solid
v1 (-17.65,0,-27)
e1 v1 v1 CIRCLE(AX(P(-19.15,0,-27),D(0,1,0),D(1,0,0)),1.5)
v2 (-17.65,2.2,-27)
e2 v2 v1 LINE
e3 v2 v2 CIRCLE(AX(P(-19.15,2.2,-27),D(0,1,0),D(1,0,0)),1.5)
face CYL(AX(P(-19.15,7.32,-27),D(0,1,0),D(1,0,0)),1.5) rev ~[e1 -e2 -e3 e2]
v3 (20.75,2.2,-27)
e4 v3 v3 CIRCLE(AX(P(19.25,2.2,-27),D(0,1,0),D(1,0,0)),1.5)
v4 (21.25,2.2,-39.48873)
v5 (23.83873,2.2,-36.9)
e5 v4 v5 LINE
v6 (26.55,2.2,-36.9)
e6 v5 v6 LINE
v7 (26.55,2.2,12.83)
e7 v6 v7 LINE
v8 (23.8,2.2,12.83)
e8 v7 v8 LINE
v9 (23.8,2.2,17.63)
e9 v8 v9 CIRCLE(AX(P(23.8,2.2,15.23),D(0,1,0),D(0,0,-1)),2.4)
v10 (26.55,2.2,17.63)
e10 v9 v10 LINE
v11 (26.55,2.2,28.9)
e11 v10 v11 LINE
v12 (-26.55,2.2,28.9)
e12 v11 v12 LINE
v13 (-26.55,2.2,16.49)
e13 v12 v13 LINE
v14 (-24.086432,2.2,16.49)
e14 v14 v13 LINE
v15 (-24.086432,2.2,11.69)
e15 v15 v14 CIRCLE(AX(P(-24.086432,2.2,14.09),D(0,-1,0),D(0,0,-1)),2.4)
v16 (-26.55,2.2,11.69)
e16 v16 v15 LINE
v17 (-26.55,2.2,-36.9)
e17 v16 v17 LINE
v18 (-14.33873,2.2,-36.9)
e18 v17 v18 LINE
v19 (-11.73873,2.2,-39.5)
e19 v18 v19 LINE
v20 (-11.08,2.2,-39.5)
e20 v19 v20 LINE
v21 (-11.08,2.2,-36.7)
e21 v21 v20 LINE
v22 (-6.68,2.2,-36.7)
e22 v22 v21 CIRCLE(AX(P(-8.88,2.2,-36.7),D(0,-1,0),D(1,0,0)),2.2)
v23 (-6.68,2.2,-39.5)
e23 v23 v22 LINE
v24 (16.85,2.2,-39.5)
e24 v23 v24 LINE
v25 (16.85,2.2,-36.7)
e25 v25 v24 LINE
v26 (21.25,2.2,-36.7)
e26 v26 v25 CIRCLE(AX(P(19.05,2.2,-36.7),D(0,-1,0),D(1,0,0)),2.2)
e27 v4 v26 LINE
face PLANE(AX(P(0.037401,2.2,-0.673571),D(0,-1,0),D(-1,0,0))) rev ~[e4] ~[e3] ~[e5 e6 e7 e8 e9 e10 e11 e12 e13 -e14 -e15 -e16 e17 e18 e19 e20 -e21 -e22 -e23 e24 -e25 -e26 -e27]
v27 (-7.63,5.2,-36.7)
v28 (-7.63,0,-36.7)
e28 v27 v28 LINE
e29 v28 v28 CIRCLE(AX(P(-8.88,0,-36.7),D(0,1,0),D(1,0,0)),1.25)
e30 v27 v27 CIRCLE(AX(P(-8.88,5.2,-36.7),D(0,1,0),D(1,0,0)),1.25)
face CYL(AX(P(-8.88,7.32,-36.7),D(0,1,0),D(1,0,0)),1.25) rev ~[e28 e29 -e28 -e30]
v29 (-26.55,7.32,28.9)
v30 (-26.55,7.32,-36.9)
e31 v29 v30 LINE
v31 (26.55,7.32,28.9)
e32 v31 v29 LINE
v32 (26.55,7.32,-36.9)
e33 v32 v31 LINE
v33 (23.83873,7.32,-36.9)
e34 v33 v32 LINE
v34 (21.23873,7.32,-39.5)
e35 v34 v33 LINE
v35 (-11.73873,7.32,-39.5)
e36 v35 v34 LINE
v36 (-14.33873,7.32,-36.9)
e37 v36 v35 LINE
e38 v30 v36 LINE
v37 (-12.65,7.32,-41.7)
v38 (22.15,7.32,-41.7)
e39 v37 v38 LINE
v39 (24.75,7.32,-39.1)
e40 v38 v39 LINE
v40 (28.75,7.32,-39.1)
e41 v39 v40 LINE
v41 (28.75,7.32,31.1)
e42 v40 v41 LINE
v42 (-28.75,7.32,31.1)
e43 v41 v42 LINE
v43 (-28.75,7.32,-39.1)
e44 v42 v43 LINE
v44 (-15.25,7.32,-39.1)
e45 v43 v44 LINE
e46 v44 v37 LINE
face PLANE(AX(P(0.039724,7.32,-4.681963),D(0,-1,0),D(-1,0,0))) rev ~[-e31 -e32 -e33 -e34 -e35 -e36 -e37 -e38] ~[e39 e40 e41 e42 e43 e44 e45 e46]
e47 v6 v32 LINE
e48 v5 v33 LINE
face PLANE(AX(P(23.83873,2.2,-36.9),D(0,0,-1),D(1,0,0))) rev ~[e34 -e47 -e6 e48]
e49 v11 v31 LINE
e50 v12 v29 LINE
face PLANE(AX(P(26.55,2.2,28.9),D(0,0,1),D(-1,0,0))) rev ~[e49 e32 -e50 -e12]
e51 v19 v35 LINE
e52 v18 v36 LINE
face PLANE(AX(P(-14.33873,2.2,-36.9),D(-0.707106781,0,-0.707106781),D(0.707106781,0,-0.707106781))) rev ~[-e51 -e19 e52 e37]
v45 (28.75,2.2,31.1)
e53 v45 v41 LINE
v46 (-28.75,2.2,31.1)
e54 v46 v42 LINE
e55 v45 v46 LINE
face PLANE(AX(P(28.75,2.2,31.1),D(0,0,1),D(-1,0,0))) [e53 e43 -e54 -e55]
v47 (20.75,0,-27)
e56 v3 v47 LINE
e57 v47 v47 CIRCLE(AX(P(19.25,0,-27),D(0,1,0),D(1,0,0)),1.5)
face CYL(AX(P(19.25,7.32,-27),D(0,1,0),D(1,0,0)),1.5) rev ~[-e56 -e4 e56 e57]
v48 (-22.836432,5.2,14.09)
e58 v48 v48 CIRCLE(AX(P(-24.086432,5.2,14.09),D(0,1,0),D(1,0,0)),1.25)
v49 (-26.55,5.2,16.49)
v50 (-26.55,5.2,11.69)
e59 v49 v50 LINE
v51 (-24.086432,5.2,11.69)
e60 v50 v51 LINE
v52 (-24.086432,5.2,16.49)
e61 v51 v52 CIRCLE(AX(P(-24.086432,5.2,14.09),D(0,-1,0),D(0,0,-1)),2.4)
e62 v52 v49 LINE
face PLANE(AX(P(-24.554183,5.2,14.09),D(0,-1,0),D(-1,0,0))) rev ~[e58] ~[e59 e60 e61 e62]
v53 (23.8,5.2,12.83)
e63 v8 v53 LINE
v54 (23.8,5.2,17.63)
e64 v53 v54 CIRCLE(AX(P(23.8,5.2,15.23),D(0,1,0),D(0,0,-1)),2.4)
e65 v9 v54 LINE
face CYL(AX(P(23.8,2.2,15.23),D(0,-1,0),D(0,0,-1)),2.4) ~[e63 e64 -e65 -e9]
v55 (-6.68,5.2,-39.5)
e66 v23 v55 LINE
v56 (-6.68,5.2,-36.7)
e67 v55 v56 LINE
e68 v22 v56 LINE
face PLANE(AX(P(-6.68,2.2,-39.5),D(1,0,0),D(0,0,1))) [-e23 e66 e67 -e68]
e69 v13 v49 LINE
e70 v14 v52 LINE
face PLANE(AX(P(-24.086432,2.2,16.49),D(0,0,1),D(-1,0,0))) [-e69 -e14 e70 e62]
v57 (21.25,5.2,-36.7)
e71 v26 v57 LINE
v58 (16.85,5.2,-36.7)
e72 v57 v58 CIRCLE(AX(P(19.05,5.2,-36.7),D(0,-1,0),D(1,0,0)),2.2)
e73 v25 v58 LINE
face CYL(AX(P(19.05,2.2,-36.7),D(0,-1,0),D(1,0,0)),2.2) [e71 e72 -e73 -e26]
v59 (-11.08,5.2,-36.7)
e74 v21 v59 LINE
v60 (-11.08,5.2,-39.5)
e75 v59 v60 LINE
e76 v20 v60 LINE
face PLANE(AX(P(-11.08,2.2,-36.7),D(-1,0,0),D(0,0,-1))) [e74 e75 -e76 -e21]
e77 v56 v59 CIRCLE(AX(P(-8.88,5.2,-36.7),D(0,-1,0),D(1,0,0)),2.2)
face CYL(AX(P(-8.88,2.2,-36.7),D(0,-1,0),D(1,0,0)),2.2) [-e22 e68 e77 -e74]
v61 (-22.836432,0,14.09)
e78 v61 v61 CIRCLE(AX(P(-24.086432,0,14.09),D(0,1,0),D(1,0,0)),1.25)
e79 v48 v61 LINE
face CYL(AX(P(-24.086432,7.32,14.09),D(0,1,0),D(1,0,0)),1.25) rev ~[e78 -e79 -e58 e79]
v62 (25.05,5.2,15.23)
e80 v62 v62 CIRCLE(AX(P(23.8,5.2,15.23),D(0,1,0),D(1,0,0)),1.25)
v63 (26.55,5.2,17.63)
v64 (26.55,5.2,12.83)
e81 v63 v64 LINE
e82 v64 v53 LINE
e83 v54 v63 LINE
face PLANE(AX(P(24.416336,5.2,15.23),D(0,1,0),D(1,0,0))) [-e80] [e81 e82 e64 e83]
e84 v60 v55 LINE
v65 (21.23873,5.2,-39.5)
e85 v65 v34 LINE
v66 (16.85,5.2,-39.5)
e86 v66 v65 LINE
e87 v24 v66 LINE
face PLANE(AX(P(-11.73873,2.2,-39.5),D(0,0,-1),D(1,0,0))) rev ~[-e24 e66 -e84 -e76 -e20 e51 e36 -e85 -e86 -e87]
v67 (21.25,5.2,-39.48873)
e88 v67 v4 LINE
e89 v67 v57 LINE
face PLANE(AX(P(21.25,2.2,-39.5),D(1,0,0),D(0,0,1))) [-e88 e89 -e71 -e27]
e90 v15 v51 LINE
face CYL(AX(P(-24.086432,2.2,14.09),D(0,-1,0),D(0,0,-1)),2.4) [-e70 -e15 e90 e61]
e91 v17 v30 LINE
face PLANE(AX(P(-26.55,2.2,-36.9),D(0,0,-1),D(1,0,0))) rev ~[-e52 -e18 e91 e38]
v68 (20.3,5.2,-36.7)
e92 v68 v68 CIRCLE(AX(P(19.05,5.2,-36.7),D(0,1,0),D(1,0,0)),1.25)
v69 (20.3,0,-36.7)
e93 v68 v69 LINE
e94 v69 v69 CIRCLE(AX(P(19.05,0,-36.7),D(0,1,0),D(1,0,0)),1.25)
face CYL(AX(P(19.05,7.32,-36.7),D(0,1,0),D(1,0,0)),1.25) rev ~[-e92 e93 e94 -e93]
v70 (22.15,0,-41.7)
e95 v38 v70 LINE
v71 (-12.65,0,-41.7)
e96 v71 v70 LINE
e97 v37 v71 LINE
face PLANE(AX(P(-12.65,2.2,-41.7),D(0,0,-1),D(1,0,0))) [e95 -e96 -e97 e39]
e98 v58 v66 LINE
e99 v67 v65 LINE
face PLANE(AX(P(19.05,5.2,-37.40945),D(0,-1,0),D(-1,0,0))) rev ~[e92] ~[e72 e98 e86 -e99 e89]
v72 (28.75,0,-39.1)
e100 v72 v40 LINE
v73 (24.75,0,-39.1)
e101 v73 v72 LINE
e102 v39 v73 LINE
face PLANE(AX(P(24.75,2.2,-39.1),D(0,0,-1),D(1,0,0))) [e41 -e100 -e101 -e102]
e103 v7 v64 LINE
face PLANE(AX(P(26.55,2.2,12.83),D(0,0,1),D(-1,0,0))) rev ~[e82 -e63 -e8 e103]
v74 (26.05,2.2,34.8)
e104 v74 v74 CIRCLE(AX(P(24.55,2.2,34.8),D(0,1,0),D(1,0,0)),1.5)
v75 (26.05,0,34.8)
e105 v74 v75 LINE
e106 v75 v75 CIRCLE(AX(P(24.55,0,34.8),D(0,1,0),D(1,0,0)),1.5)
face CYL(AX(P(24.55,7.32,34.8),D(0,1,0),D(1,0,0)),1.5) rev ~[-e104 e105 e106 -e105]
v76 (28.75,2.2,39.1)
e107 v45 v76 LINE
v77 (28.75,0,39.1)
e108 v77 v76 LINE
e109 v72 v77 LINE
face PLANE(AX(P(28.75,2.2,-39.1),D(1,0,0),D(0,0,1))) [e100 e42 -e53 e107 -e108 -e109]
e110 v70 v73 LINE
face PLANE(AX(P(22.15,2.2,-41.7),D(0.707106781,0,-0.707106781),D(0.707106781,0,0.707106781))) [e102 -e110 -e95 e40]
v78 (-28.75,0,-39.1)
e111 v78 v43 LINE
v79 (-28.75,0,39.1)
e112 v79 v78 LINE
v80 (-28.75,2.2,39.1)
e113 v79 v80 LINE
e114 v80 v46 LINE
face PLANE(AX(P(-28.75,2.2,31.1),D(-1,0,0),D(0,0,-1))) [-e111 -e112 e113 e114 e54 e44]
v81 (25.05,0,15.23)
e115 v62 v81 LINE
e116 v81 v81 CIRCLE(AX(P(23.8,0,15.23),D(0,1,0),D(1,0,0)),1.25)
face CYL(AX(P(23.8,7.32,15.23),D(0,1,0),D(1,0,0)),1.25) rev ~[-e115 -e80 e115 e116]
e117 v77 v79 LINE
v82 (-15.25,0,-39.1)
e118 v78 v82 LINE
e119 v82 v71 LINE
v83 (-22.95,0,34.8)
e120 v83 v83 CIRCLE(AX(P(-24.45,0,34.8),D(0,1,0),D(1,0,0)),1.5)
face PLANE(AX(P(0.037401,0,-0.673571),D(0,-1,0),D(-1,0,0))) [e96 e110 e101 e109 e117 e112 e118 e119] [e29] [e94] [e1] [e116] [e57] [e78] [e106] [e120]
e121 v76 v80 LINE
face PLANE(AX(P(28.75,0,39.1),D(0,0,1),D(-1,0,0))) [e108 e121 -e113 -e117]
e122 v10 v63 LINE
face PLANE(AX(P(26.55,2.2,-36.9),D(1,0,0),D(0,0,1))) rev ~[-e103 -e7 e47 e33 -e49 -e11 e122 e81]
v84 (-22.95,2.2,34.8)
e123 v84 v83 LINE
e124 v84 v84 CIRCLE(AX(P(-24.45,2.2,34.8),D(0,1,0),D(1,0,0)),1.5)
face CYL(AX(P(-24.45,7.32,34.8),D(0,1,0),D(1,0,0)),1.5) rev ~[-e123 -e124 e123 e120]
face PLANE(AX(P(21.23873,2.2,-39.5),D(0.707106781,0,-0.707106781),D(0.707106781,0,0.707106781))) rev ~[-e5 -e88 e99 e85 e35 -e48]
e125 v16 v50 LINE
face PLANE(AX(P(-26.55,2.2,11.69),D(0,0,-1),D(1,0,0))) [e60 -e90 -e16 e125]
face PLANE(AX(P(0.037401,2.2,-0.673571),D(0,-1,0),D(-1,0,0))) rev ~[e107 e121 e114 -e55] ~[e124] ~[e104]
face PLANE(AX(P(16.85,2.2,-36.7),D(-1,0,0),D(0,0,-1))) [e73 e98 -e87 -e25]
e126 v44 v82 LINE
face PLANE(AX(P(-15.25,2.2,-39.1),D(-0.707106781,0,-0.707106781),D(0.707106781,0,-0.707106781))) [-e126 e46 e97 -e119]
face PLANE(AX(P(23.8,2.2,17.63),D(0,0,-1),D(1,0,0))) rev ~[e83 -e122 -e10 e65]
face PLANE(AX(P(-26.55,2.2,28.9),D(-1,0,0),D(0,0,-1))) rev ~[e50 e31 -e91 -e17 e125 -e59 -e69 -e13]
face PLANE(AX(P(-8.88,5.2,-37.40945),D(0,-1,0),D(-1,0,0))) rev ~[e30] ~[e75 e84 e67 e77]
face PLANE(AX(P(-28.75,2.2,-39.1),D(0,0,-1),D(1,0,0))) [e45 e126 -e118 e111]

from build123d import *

# Parameters (mm, degrees)
BOSS_EXTRUDE1_DEPTH = 2.2
EXTRUDE_THIN1_DEPTH = 5.12
BOSS_EXTRUDE2_DEPTH = 3
SKETCH6_R           = 1.25
SKETCH6_R_2         = 1.5
CUT_EXTRUDE1_DEPTH  = 8.32


with BuildPart() as part:
    # Sketch1 → Boss-Extrude1 (new body)
    with BuildSketch(Plane(origin=(0, 0, 0), x_dir=(1, 0, 0), z_dir=(0, 1, 0))):
        Polygon((-15.25, 39.1), (-12.65, 41.7), (22.15, 41.7), (24.75, 39.1), (28.75, 39.1), (28.75, -39.1), (-28.75, -39.1), (-28.75, 39.1), align=None)
    extrude(amount=BOSS_EXTRUDE1_DEPTH)

    # Sketch3 → Extrude-Thin1 (add)
    with BuildSketch(Plane(origin=(0, 2.2, 0), x_dir=(1, 0, 0), z_dir=(0, 1, 0))):
        Polygon((-28.75, 39.1), (-15.25, 39.1), (-12.65, 41.7), (22.15, 41.7), (24.75, 39.1), (28.75, 39.1), (28.75, -31.1), (-28.75, -31.1), align=None)
        Polygon((-26.55, 36.9), (-14.338730163, 36.9), (-11.738730163, 39.5), (21.238730163, 39.5), (23.838730163, 36.9), (26.55, 36.9), (26.55, -28.9), (-26.55, -28.9), align=None, mode=Mode.SUBTRACT)
    extrude(amount=EXTRUDE_THIN1_DEPTH)

    # Sketch4 → Boss-Extrude2 (add)
    with BuildSketch(Plane(origin=(0, 2.2, 0), x_dir=(1, 0, 0), z_dir=(0, 1, 0))):
        with BuildLine():
            Line((-11.08, 39.5), (-6.68, 39.5))
            Line((-6.68, 39.5), (-6.68, 36.7))
            ThreePointArc((-6.68, 36.7), (-8.88, 34.5), (-11.08, 36.7))
            Line((-11.08, 36.7), (-11.08, 39.5))
        make_face()
        with BuildLine():
            Line((16.85, 39.5), (21.25, 39.5))
            Line((21.25, 39.5), (21.25, 36.7))
            ThreePointArc((21.25, 36.7), (19.05, 34.5), (16.85, 36.7))
            Line((16.85, 36.7), (16.85, 39.5))
        make_face()
        with BuildLine():
            Line((26.55, -12.83), (23.8, -12.83))
            ThreePointArc((23.8, -12.83), (21.4, -15.23), (23.8, -17.63))
            Line((23.8, -17.63), (26.55, -17.63))
            Line((26.55, -17.63), (26.55, -12.83))
        make_face()
        with BuildLine():
            Line((-26.55, -11.69), (-24.086432316, -11.69))
            ThreePointArc((-24.086432316, -11.69), (-21.686432316, -14.09), (-24.086432316, -16.49))
            Line((-24.086432316, -16.49), (-26.55, -16.49))
            Line((-26.55, -16.49), (-26.55, -11.69))
        make_face()
    extrude(amount=BOSS_EXTRUDE2_DEPTH)

    # Sketch6 → Cut-Extrude1 (cut, through all)
    with BuildSketch(Plane(origin=(0, 7.32, 0), x_dir=(1, 0, 0), z_dir=(0, 1, 0))):
        with Locations((-8.88, 36.7)):
            Circle(SKETCH6_R)
        with Locations((19.05, 36.7)):
            Circle(SKETCH6_R)
        with Locations((23.8, -15.23)):
            Circle(SKETCH6_R)
        with Locations((-24.086432316, -14.09)):
            Circle(SKETCH6_R)
        with Locations((-19.15, 27)):
            Circle(SKETCH6_R_2)
        with Locations((19.25, 27)):
            Circle(SKETCH6_R_2)
        with Locations((-24.45, -34.8)):
            Circle(SKETCH6_R_2)
        with Locations((24.55, -34.8)):
            Circle(SKETCH6_R_2)
    extrude(amount=-CUT_EXTRUDE1_DEPTH, mode=Mode.SUBTRACT)


solid = part.part
